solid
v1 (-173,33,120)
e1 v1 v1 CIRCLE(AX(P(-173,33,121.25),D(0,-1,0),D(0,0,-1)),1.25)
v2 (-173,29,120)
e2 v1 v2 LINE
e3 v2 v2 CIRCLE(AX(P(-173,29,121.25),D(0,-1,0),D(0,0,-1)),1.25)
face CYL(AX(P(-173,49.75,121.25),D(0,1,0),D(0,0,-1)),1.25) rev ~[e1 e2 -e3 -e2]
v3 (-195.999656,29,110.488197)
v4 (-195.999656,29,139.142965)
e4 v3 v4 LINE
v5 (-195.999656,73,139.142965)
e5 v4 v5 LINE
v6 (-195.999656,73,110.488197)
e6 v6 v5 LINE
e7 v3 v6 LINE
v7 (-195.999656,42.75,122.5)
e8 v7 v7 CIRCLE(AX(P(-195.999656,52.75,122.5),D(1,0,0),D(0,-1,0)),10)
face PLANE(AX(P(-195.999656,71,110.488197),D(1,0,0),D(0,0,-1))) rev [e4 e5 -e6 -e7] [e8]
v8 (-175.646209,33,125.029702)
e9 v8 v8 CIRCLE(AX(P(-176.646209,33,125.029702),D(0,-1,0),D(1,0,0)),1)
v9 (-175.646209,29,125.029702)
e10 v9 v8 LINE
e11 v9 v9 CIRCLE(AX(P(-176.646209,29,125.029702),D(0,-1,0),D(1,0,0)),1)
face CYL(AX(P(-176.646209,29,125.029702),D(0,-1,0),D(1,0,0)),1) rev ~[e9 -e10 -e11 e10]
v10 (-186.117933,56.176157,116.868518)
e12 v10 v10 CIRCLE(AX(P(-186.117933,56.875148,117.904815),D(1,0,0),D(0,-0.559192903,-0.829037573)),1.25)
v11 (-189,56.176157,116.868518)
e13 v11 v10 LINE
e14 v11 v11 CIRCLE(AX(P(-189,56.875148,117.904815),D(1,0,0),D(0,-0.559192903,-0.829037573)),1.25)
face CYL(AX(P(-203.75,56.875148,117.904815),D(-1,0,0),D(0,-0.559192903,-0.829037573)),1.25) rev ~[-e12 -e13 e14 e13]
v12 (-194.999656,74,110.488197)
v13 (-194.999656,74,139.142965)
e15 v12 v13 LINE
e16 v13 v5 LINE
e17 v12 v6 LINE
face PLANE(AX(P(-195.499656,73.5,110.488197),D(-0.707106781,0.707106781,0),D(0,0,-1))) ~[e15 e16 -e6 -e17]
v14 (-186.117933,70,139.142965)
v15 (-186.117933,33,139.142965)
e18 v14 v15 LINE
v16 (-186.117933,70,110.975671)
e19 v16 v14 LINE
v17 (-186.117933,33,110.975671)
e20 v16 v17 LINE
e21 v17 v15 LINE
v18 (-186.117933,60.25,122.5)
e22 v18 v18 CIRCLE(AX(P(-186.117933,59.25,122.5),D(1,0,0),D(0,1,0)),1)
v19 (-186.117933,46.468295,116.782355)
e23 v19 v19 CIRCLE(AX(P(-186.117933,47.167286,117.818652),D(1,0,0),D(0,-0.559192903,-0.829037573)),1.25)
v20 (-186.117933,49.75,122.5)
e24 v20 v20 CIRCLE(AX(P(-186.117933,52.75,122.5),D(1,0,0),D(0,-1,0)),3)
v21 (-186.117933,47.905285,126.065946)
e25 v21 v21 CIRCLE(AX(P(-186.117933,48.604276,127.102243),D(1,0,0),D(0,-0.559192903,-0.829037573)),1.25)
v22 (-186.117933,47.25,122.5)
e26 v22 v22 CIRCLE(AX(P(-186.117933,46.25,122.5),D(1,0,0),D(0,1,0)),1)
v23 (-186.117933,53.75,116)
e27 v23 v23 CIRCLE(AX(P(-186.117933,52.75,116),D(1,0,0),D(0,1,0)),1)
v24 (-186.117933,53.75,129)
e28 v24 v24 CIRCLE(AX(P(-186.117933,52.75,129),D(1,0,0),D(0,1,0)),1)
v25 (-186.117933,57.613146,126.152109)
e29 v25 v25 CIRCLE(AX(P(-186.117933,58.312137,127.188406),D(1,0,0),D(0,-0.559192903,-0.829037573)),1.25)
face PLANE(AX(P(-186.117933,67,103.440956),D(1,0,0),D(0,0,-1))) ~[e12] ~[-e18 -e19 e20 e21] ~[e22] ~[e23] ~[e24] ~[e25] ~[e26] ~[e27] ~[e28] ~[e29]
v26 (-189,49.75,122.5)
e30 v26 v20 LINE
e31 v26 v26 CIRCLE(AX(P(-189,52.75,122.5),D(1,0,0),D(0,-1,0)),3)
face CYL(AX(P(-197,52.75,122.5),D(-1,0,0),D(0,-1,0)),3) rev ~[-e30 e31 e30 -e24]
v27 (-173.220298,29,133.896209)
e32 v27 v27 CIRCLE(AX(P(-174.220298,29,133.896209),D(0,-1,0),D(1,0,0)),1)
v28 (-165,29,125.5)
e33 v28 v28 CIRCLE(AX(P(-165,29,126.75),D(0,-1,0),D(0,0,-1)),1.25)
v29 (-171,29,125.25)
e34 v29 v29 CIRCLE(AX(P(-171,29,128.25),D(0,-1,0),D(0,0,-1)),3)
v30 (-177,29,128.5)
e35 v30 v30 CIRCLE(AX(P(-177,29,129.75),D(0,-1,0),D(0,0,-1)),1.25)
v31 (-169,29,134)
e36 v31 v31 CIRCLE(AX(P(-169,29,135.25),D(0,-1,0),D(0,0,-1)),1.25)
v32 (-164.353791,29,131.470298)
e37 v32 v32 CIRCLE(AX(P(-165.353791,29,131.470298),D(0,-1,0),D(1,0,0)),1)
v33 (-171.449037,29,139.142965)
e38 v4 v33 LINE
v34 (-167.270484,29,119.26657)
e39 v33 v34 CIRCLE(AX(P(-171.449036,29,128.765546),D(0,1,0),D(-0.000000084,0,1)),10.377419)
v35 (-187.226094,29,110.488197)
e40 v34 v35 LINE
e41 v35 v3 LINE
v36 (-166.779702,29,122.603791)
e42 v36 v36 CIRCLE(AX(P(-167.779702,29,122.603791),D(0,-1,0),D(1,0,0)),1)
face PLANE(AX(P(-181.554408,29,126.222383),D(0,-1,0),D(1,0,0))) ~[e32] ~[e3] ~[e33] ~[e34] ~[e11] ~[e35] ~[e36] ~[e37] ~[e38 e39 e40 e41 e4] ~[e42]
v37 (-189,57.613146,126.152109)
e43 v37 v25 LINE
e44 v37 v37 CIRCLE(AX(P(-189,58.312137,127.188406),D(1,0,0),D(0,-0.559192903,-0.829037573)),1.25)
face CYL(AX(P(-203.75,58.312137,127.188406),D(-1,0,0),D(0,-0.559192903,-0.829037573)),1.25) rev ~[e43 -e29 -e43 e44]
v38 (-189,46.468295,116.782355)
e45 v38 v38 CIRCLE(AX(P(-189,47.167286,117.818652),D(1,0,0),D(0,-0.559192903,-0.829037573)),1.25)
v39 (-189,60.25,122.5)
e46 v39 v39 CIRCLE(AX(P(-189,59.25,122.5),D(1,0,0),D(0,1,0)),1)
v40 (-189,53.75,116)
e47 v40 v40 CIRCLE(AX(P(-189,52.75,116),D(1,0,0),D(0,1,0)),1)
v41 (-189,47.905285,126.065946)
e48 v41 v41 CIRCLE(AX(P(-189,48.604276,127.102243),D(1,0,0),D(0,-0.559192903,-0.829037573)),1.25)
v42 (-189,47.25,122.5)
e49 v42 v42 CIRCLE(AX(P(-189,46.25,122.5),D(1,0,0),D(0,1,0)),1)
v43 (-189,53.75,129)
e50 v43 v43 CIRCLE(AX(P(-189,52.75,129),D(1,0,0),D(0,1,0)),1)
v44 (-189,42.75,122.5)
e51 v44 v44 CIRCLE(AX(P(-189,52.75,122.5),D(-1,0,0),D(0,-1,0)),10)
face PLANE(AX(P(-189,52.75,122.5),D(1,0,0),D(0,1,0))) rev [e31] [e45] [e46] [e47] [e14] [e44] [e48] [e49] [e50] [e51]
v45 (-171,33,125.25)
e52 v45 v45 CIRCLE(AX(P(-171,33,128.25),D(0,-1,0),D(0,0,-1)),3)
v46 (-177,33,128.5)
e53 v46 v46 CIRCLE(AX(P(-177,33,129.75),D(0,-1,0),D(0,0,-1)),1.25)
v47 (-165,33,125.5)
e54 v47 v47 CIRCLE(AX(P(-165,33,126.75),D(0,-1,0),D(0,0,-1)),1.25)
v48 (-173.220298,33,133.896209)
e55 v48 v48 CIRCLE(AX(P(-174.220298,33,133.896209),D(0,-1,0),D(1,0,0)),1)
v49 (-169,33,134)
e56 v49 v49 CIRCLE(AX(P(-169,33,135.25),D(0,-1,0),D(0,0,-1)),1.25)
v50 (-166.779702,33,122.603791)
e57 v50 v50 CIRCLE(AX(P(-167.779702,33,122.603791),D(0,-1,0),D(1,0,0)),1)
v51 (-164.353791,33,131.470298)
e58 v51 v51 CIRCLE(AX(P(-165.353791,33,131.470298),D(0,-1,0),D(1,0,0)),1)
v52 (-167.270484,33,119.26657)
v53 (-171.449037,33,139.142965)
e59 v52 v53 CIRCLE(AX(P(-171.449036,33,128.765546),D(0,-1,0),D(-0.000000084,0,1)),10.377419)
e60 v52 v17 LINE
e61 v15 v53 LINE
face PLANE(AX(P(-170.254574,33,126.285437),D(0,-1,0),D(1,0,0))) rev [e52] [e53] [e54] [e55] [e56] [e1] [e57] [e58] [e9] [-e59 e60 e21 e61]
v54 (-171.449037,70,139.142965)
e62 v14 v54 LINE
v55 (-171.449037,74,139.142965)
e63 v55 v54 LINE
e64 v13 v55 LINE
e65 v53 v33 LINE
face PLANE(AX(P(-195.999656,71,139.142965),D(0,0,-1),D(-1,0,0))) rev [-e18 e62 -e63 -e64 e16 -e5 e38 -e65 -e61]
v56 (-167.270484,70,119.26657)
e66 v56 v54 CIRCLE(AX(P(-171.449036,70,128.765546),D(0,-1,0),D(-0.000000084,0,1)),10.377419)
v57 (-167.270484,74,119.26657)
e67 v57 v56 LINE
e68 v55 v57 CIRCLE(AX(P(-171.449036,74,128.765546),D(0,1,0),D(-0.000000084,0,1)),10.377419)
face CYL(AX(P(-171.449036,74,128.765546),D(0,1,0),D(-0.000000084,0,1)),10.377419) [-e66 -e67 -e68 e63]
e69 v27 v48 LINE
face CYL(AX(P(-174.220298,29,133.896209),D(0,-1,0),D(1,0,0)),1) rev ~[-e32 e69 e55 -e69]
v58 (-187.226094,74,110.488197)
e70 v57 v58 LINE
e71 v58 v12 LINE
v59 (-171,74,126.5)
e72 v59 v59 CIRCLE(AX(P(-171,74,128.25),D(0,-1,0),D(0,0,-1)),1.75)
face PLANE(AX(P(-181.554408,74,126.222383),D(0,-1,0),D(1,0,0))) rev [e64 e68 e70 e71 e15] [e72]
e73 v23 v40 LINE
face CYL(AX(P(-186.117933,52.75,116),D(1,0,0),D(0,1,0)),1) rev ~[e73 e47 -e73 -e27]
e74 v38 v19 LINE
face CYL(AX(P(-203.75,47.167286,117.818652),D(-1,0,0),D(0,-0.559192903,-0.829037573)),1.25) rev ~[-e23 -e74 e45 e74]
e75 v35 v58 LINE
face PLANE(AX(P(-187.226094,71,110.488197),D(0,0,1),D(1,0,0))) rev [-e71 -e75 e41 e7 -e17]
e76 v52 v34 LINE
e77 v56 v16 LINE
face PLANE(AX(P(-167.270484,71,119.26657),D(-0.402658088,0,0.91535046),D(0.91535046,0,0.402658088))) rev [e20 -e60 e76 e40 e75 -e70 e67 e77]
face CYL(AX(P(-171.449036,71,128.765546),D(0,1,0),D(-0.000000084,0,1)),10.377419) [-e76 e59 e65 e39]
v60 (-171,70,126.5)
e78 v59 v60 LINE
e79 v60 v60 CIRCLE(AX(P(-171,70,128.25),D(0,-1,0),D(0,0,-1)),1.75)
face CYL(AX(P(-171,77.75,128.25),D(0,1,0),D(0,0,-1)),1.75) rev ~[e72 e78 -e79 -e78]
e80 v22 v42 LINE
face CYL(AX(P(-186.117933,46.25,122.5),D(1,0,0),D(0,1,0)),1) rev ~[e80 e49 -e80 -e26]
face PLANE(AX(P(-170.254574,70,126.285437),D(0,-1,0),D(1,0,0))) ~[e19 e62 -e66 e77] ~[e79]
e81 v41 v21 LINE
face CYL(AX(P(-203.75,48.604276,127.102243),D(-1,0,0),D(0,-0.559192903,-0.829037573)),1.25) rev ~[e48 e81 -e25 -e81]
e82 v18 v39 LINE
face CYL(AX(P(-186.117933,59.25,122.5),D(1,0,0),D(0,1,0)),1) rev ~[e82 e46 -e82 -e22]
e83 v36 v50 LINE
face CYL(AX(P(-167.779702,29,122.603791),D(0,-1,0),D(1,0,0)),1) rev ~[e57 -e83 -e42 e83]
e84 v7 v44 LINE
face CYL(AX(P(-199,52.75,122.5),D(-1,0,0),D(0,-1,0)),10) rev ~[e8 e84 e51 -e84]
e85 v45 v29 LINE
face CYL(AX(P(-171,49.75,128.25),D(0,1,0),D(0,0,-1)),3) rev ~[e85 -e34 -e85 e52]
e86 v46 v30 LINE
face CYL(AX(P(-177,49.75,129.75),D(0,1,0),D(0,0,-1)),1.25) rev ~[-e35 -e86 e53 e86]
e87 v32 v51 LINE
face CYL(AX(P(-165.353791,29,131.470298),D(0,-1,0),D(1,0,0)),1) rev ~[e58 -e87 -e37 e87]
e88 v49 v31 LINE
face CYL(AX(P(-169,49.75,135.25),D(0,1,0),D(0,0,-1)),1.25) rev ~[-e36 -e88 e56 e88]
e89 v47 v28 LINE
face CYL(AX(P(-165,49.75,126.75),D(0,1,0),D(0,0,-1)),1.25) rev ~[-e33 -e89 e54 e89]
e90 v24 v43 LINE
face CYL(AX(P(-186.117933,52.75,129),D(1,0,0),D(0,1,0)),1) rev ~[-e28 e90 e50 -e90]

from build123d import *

# Parameters (mm, degrees)
CYLINDER067_R                        = 1.75
CYLINDER067_DEPTH                    = 22
CYLINDER067_PITCH_ANGLE              = 90
CYLINDER061_R                        = 1.25
CYLINDER061_DEPTH                    = 22
CYLINDER061_PITCH_ANGLE              = 90
CYLINDER062_R                        = 1.25
CYLINDER062_DEPTH                    = 22
CYLINDER062_PITCH_ANGLE              = 90
CYLINDER060_R                        = 1.25
CYLINDER060_DEPTH                    = 22
CYLINDER060_PITCH_ANGLE              = 90
CYLINDER059_R                        = 1.25
CYLINDER059_DEPTH                    = 22
CYLINDER059_PITCH_ANGLE              = 90
CYLINDER065_R                        = 1.25
CYLINDER065_DEPTH                    = 22
CYLINDER065_PITCH_ANGLE              = 90
CYLINDER066_R                        = 1.25
CYLINDER066_DEPTH                    = 22
CYLINDER066_PITCH_ANGLE              = 90
CYLINDER064_R                        = 1.25
CYLINDER064_DEPTH                    = 22
CYLINDER064_PITCH_ANGLE              = 90
CYLINDER063_R                        = 1.25
CYLINDER063_DEPTH                    = 22
CYLINDER063_PITCH_ANGLE              = 90
FUSION047_ROLL_ANGLE                 = 34
FUSION047_PLACEMENT_ANGLE            = -90
CYLINDER058_R                        = 3
CYLINDER058_DEPTH                    = 22
CYLINDER058_PITCH_ANGLE              = 90
CYLINDER057_R                        = 3
CYLINDER057_DEPTH                    = 13
CYLINDER057_ROLL_ANGLE               = 90
CYLINDER056_R                        = 10
CYLINDER056_DEPTH                    = 10
CYLINDER056_ROLL_ANGLE               = 90
PAD007_DEPTH                         = 34
PAD005_DEPTH                         = 42
CHAMFER104_SIZE                      = 1
CLONE020_PLACEMENT_ANGLE             = -90
PART_MIRRORING007012_PLACEMENT_ANGLE = 180
BOX071_W                             = 47
BOX071_H                             = 42
BOX071_DEPTH                         = 35
BOX072_W                             = 47
BOX072_H                             = 42
BOX072_DEPTH                         = 35
SKETCH022_R                          = 1
POCKET018_DEPTH                      = 3
SKETCH023_R                          = 1
POCKET019_DEPTH                      = 4


with BuildPart() as cilindro011:
    # Cylinder067 → Cylinder067 (new body)
    with BuildSketch(Plane.XY):
        Circle(CYLINDER067_R)
    extrude(amount=CYLINDER067_DEPTH)


with BuildPart() as cilindro011_1:
    # Cylinder067 pitch: moved
    add(cilindro011.part.rotate(Axis((0, 0, 0), (0, 1, 0)), CYLINDER067_PITCH_ANGLE))


with BuildPart() as cilindro011_2:
    # Cylinder067 placement: moved
    add(cilindro011_1.part.moved(Location((-4.75, -32, 125.75))))


with BuildPart() as cilindro005:
    # Cylinder061 → Cylinder061 (new body)
    with BuildSketch(Plane.XY):
        Circle(CYLINDER061_R)
    extrude(amount=CYLINDER061_DEPTH)


with BuildPart() as cilindro005_1:
    # Cylinder061 pitch: moved
    add(cilindro005.part.rotate(Axis((0, 0, 0), (0, 1, 0)), CYLINDER061_PITCH_ANGLE))


with BuildPart() as cilindro005_2:
    # Cylinder061 placement: moved
    add(cilindro005_1.part.moved(Location((20.25, -38, 124.25))))


with BuildPart() as cilindro006:
    # Cylinder062 → Cylinder062 (new body)
    with BuildSketch(Plane.XY):
        Circle(CYLINDER062_R)
    extrude(amount=CYLINDER062_DEPTH)


with BuildPart() as cilindro006_1:
    # Cylinder062 pitch: moved
    add(cilindro006.part.rotate(Axis((0, 0, 0), (0, 1, 0)), CYLINDER062_PITCH_ANGLE))


with BuildPart() as cilindro006_2:
    # Cylinder062 placement: moved
    add(cilindro006_1.part.moved(Location((20.25, -26, 127.25))))


with BuildPart() as cilindro004:
    # Cylinder060 → Cylinder060 (new body)
    with BuildSketch(Plane.XY):
        Circle(CYLINDER060_R)
    extrude(amount=CYLINDER060_DEPTH)


with BuildPart() as cilindro004_1:
    # Cylinder060 pitch: moved
    add(cilindro004.part.rotate(Axis((0, 0, 0), (0, 1, 0)), CYLINDER060_PITCH_ANGLE))


with BuildPart() as cilindro004_2:
    # Cylinder060 placement: moved
    add(cilindro004_1.part.moved(Location((20.25, -30, 118.75))))


with BuildPart() as fusion046:
    # Cylinder059 → Cylinder059 (new body)
    with BuildSketch(Plane.XY):
        Circle(CYLINDER059_R)
    extrude(amount=CYLINDER059_DEPTH)


with BuildPart() as fusion046_1:
    # Cylinder059 pitch: moved
    add(fusion046.part.rotate(Axis((0, 0, 0), (0, 1, 0)), CYLINDER059_PITCH_ANGLE))


with BuildPart() as fusion046_2:
    # Cylinder059 placement: moved
    add(fusion046_1.part.moved(Location((20.25, -34, 132.75))))

    # Fusion046: union Cilindro005, Cilindro006, Cilindro004
    add(cilindro005_2.part)
    add(cilindro006_2.part)
    add(cilindro004_2.part)


with BuildPart() as cilindro009:
    # Cylinder065 → Cylinder065 (new body)
    with BuildSketch(Plane.XY):
        Circle(CYLINDER065_R)
    extrude(amount=CYLINDER065_DEPTH)


with BuildPart() as cilindro009_1:
    # Cylinder065 pitch: moved
    add(cilindro009.part.rotate(Axis((0, 0, 0), (0, 1, 0)), CYLINDER065_PITCH_ANGLE))


with BuildPart() as cilindro009_2:
    # Cylinder065 placement: moved
    add(cilindro009_1.part.moved(Location((20.25, -38, 124.25))))


with BuildPart() as cilindro010:
    # Cylinder066 → Cylinder066 (new body)
    with BuildSketch(Plane.XY):
        Circle(CYLINDER066_R)
    extrude(amount=CYLINDER066_DEPTH)


with BuildPart() as cilindro010_1:
    # Cylinder066 pitch: moved
    add(cilindro010.part.rotate(Axis((0, 0, 0), (0, 1, 0)), CYLINDER066_PITCH_ANGLE))


with BuildPart() as cilindro010_2:
    # Cylinder066 placement: moved
    add(cilindro010_1.part.moved(Location((20.25, -26, 127.25))))


with BuildPart() as cilindro008:
    # Cylinder064 → Cylinder064 (new body)
    with BuildSketch(Plane.XY):
        Circle(CYLINDER064_R)
    extrude(amount=CYLINDER064_DEPTH)


with BuildPart() as cilindro008_1:
    # Cylinder064 pitch: moved
    add(cilindro008.part.rotate(Axis((0, 0, 0), (0, 1, 0)), CYLINDER064_PITCH_ANGLE))


with BuildPart() as cilindro008_2:
    # Cylinder064 placement: moved
    add(cilindro008_1.part.moved(Location((20.25, -30, 118.75))))


with BuildPart() as fusion047:
    # Cylinder063 → Cylinder063 (new body)
    with BuildSketch(Plane.XY):
        Circle(CYLINDER063_R)
    extrude(amount=CYLINDER063_DEPTH)


with BuildPart() as fusion047_1:
    # Cylinder063 pitch: moved
    add(fusion047.part.rotate(Axis((0, 0, 0), (0, 1, 0)), CYLINDER063_PITCH_ANGLE))


with BuildPart() as fusion047_2:
    # Cylinder063 placement: moved
    add(fusion047_1.part.moved(Location((20.25, -34, 132.75))))

    # Fusion047: union Cilindro009, Cilindro010, Cilindro008
    add(cilindro009_2.part)
    add(cilindro010_2.part)
    add(cilindro008_2.part)


with BuildPart() as fusion047_3:
    # Fusion047 roll: moved
    add(fusion047_2.part.rotate(Axis((0, 0, 0), (1, 0, 0)), FUSION047_ROLL_ANGLE))


with BuildPart() as fusion047_4:
    # Fusion047 placement: moved
    add(fusion047_3.part.moved(Location((114.107998, 21, 33.646227))).rotate(Axis((114.107998, 21, 33.646227), (0, 0, 1)), FUSION047_PLACEMENT_ANGLE))


with BuildPart() as cilindro002:
    # Cylinder058 → Cylinder058 (new body)
    with BuildSketch(Plane.XY):
        Circle(CYLINDER058_R)
    extrude(amount=CYLINDER058_DEPTH)


with BuildPart() as cilindro002_1:
    # Cylinder058 pitch: moved
    add(cilindro002.part.rotate(Axis((0, 0, 0), (0, 1, 0)), CYLINDER058_PITCH_ANGLE))


with BuildPart() as cilindro002_2:
    # Cylinder058 placement: moved
    add(cilindro002_1.part.moved(Location((20.25, -32, 125.75))))


with BuildPart() as cilindro001:
    # Cylinder057 → Cylinder057 (new body)
    with BuildSketch(Plane.XY):
        Circle(CYLINDER057_R)
    extrude(amount=CYLINDER057_DEPTH)


with BuildPart() as cilindro001_1:
    # Cylinder057 roll: moved
    add(cilindro001.part.rotate(Axis((0, 0, 0), (1, 0, 0)), CYLINDER057_ROLL_ANGLE))


with BuildPart() as cilindro001_2:
    # Cylinder057 placement: moved
    add(cilindro001_1.part.moved(Location((17.25, -6, 120))))


with BuildPart() as cilindro:
    # Cylinder056 → Cylinder056 (new body)
    with BuildSketch(Plane.XY):
        Circle(CYLINDER056_R)
    extrude(amount=CYLINDER056_DEPTH)


with BuildPart() as cilindro_1:
    # Cylinder056 roll: moved
    add(cilindro.part.rotate(Axis((0, 0, 0), (1, 0, 0)), CYLINDER056_ROLL_ANGLE))


with BuildPart() as cilindro_2:
    # Cylinder056 placement: moved
    add(cilindro_1.part.moved(Location((17.25, -4, 120))))


with BuildPart() as pad007:
    # Sketch012 → Pad007 (new body)
    with BuildSketch(Plane(origin=(3, -12, -1), x_dir=(0, 1, 0), z_dir=(1, 0, 0))):
        Polygon((-4.882067, 101.940956), (-4.882067, 138.559921), (-40.571098, 142.373672), (-40.571098, 120.688431), align=None)
    extrude(amount=PAD007_DEPTH)


with BuildPart() as right_shoulder:
    # Sketch010 → Pad005 (new body)
    with BuildSketch(Plane.YZ.offset(-1)):
        with BuildLine():
            Line((-35.729516, 116.76657), (-15.773906, 107.988197))
            Line((-15.773906, 107.988197), (-7.000344, 107.988197))
            Line((-7.000344, 107.988197), (-7.000344, 136.642965))
            Line((-7.000344, 136.642965), (-31.550963, 136.642965))
            ThreePointArc((-31.550963, 136.642965), (-41.706398, 128.400491), (-35.729516, 116.76657))
        make_face()
    extrude(amount=PAD005_DEPTH)

    # Cut085: cut Pad007
    add(pad007.part, mode=Mode.SUBTRACT)

    # Cut086: cut Cilindro
    add(cilindro_2.part, mode=Mode.SUBTRACT)

    # Cut087: cut Cilindro001
    add(cilindro001_2.part, mode=Mode.SUBTRACT)

    # Chamfer104
    chamfer104_edges = [right_shoulder.edges().sort_by_distance(p)[0] for p in [
        (-1, -7.000344, 122.315581),
    ]]
    chamfer(chamfer104_edges, length=CHAMFER104_SIZE)

    # Cut088: cut Cilindro002
    add(cilindro002_2.part, mode=Mode.SUBTRACT)

    # Cut089: cut Fusion047
    add(fusion047_4.part, mode=Mode.SUBTRACT)

    # Cut090: cut Fusion046
    add(fusion046_2.part, mode=Mode.SUBTRACT)

    # Cut091: cut Cilindro011
    add(cilindro011_2.part, mode=Mode.SUBTRACT)


with BuildPart() as right_shoulder_1:
    # Clone020 placement: moved
    add(right_shoulder.part.moved(Location((-275, 70, 2.5))).rotate(Axis((-275, 70, 2.5), (0, 0, 1)), CLONE020_PLACEMENT_ANGLE))


with BuildPart() as left_shoulder:
    # Part__Mirroring007012: instance of right-shoulder
    add(right_shoulder_1.part.mirror(Plane(origin=(0, 0, 0), x_dir=(1, 0, 0), z_dir=(0, 1, 0))))


with BuildPart() as left_shoulder_1:
    # Part__Mirroring007012 placement: moved
    add(left_shoulder.part.moved(Location((-478, 0, 0))).rotate(Axis((-478, 0, 0), (0, 0, 1)), PART_MIRRORING007012_PLACEMENT_ANGLE))


with BuildPart() as clone_of_left_shoulder001:
    # Clone029 base: copy of left-shoulder
    add(left_shoulder_1.part)


with BuildPart() as clone_of_left_shoulder001_1:
    # Clone029 placement: moved
    add(clone_of_left_shoulder001.part.moved(Location((0, 3, 0))))


with BuildPart() as common:
    # Box071 → Box071 (new body)
    with BuildSketch(Plane(origin=(-205.102, 65.2498, 108.143), x_dir=(1, 0, 0), z_dir=(0, 0, 1))):
        with Locations((23.5, 21)):
            Rectangle(BOX071_W, BOX071_H)
    extrude(amount=BOX071_DEPTH)

    # Common: intersect Clone of left-shoulder001
    add(clone_of_left_shoulder001_1.part, mode=Mode.INTERSECT)


with BuildPart() as clone_of_left_shoulder:
    # Clone028 base: copy of left-shoulder
    add(left_shoulder_1.part)


with BuildPart() as leftshoulder_large_more_holes:
    # Box072 → Box072 (new body)
    with BuildSketch(Plane(origin=(-205.102, 24.2498, 108.143), x_dir=(1, 0, 0), z_dir=(0, 0, 1))):
        with Locations((23.5, 21)):
            Rectangle(BOX072_W, BOX072_H)
    extrude(amount=BOX072_DEPTH)

    # Common001: intersect Clone of left-shoulder
    add(clone_of_left_shoulder.part, mode=Mode.INTERSECT)

    # Fusion067: union Common
    add(common.part)

    # Sketch022 → Pocket018 (cut)
    with BuildSketch(Plane.YZ.offset(-186.117933)):
        with Locations((52.75, 129)):
            Circle(SKETCH022_R)
        with Locations((59.25, 122.5)):
            Circle(SKETCH022_R)
        with Locations((52.75, 116)):
            Circle(SKETCH022_R)
        with Locations((46.25, 122.5)):
            Circle(SKETCH022_R)
    extrude(amount=-POCKET018_DEPTH, mode=Mode.SUBTRACT)

    # Sketch023 → Pocket019 (cut)
    with BuildSketch(Plane.XZ.offset(-29)):
        with Locations((-174.220298, 133.896209)):
            Circle(SKETCH023_R)
        with Locations((-165.353791, 131.470298)):
            Circle(SKETCH023_R)
        with Locations((-167.779702, 122.603791)):
            Circle(SKETCH023_R)
        with Locations((-176.646209, 125.029702)):
            Circle(SKETCH023_R)
    extrude(amount=-POCKET019_DEPTH, mode=Mode.SUBTRACT)


solid = leftshoulder_large_more_holes.part
